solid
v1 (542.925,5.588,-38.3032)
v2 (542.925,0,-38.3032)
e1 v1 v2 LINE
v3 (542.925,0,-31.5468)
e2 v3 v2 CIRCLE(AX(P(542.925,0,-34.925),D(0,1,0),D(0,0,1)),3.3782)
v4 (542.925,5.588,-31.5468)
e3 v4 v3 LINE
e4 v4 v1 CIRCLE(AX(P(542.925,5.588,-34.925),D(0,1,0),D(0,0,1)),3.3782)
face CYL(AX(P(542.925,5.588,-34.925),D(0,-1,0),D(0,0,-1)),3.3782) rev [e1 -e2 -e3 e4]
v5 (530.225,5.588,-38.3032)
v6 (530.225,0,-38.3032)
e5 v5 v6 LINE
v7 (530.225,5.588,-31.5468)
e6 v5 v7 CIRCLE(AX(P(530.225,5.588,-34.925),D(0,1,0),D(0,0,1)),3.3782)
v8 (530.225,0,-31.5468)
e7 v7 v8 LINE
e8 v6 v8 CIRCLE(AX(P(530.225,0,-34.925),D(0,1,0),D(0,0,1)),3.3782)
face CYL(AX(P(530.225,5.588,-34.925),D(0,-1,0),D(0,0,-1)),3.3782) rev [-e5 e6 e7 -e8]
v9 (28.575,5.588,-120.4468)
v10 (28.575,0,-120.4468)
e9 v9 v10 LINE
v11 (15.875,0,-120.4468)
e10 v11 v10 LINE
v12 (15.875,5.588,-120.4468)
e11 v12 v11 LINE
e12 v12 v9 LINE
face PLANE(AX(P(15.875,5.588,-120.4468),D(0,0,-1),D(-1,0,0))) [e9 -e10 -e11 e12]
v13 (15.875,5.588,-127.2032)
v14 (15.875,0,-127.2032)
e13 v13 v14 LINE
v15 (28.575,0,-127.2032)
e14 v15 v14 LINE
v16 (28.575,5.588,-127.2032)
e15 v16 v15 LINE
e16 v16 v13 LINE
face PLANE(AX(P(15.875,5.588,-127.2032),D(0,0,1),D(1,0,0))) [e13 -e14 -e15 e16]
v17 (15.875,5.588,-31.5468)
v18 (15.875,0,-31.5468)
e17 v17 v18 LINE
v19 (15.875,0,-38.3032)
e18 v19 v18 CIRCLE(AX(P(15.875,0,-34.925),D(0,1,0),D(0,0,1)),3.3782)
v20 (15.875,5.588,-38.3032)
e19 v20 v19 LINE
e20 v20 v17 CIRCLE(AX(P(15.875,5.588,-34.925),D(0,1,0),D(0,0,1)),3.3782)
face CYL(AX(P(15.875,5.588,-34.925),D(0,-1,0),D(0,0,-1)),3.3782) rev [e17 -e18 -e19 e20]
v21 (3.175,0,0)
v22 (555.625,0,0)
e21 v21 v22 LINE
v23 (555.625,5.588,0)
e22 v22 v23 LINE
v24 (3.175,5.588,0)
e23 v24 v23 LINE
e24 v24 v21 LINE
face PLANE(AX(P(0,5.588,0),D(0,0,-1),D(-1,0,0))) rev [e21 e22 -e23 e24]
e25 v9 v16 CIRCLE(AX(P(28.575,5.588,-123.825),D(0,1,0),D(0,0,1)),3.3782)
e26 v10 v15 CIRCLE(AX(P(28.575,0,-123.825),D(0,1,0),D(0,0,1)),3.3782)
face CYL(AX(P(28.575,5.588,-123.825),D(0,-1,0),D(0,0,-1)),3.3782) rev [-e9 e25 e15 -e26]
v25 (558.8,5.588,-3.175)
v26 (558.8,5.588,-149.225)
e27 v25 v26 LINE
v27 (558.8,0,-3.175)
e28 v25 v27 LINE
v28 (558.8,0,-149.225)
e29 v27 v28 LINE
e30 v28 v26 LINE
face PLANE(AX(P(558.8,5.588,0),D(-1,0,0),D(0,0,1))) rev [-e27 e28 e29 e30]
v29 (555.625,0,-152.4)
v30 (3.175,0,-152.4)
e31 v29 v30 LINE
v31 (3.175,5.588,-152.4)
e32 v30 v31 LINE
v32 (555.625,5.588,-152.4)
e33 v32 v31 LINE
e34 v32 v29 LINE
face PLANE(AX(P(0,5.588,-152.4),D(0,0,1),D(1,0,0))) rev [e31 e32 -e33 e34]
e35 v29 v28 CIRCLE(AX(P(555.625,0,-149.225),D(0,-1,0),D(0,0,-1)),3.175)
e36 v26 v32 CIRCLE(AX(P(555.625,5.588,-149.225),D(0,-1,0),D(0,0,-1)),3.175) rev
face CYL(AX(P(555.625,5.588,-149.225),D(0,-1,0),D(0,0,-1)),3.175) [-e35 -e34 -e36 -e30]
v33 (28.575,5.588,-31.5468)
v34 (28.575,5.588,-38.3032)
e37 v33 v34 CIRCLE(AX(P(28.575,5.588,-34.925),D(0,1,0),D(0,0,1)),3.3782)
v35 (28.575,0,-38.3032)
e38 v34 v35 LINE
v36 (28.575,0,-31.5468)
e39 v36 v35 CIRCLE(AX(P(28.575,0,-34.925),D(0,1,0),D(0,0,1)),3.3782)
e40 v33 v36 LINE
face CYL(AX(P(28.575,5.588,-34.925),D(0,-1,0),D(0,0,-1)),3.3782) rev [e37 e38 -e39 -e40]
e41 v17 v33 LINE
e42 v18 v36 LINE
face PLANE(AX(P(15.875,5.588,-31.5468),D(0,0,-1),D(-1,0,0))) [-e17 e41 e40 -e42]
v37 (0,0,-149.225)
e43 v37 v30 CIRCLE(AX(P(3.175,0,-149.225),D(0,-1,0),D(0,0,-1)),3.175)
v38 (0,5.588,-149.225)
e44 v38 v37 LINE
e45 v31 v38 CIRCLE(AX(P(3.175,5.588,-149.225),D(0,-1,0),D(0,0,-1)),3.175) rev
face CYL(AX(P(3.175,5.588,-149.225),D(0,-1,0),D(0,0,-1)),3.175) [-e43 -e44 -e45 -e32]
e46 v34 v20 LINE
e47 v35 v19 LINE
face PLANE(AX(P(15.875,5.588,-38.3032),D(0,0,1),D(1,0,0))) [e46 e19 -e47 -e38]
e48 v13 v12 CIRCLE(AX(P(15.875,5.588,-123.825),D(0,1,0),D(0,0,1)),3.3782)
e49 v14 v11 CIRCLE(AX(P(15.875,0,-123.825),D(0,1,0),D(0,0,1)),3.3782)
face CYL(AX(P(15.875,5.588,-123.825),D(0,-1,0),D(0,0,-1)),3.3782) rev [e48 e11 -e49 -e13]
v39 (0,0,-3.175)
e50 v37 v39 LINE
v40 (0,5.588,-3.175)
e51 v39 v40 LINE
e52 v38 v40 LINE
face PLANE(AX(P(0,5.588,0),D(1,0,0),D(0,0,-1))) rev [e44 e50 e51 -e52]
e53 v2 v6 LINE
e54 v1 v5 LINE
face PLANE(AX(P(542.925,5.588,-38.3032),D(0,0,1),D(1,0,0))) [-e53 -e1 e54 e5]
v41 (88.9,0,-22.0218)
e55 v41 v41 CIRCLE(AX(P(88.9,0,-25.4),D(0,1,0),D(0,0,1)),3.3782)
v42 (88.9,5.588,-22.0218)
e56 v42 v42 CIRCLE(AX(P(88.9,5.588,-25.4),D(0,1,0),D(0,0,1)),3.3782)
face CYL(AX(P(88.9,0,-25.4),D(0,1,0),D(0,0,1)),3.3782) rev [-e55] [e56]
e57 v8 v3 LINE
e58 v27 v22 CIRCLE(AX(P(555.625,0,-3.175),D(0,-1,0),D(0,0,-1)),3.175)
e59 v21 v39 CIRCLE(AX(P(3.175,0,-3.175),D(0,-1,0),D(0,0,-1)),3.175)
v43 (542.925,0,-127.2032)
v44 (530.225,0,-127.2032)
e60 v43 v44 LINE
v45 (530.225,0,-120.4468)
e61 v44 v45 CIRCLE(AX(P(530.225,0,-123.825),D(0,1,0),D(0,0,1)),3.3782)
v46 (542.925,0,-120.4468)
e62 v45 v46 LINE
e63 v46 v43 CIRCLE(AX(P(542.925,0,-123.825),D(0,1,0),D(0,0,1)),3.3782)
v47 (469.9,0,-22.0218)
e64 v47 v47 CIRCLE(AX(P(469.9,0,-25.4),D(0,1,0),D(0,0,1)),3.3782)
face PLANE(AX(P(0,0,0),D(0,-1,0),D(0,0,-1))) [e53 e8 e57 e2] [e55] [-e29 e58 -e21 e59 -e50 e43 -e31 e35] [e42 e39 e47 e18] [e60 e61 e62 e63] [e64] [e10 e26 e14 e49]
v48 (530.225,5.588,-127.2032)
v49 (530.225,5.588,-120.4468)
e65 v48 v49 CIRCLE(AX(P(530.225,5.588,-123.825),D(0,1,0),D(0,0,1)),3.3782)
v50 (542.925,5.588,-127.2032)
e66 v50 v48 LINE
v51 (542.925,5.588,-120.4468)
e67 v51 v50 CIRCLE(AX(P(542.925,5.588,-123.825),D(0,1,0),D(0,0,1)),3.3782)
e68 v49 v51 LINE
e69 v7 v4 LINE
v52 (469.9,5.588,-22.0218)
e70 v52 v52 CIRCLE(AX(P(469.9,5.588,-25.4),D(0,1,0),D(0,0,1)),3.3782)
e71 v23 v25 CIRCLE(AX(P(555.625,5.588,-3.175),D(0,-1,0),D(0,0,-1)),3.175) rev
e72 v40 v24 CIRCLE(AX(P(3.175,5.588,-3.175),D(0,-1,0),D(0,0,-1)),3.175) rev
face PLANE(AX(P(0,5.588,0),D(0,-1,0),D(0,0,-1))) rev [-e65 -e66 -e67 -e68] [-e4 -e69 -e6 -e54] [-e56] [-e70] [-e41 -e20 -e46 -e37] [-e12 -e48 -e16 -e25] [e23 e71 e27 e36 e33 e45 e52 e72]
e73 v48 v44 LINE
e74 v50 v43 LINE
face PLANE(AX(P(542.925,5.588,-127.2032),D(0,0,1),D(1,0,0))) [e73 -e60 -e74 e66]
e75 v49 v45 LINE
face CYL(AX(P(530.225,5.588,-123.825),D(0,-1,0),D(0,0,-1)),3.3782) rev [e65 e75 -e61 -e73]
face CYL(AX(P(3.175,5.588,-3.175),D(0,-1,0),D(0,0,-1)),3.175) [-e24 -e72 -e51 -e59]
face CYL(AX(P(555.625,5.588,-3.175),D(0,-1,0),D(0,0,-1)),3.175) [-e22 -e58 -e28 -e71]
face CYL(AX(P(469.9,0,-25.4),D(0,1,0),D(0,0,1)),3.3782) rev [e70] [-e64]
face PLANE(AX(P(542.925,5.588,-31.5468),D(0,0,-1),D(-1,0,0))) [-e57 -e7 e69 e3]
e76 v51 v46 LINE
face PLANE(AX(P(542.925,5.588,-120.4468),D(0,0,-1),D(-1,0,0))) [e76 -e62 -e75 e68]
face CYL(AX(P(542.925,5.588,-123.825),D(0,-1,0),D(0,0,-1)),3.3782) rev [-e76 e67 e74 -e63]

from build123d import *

# Parameters (mm, degrees)
SKETCH1_W           = 558.8
SKETCH1_H           = 152.4
BOSS_EXTRUDE1_DEPTH = 5.588
FILLET1_R           = 3.175
SKETCH2_R           = 3.3782
CUT_EXTRUDE1_DEPTH  = 580.236070824


with BuildPart() as part:
    # Sketch1 → Boss-Extrude1 (new body)
    with BuildSketch(Plane(origin=(0, 0, 0), x_dir=(1, 0, 0), z_dir=(0, 1, 0))):
        with Locations((279.4, 76.2)):
            Rectangle(SKETCH1_W, SKETCH1_H)
        with BuildLine():
            Line((15.875, 38.3032), (28.575, 38.3032))
            ThreePointArc((28.575, 38.3032), (31.9532, 34.925), (28.575, 31.5468))
            Line((28.575, 31.5468), (15.875, 31.5468))
            ThreePointArc((15.875, 31.5468), (12.4968, 34.925), (15.875, 38.3032))
        make_face(mode=Mode.SUBTRACT)
        with BuildLine():
            Line((15.875, 127.2032), (28.575, 127.2032))
            ThreePointArc((28.575, 127.2032), (31.9532, 123.825), (28.575, 120.4468))
            Line((28.575, 120.4468), (15.875, 120.4468))
            ThreePointArc((15.875, 120.4468), (12.4968, 123.825), (15.875, 127.2032))
        make_face(mode=Mode.SUBTRACT)
        with BuildLine():
            Line((542.925, 120.4468), (530.225, 120.4468))
            ThreePointArc((530.225, 120.4468), (526.8468, 123.825), (530.225, 127.2032))
            Line((530.225, 127.2032), (542.925, 127.2032))
            ThreePointArc((542.925, 127.2032), (546.3032, 123.825), (542.925, 120.4468))
        make_face(mode=Mode.SUBTRACT)
        with BuildLine():
            Line((542.925, 31.5468), (530.225, 31.5468))
            ThreePointArc((530.225, 31.5468), (526.8468, 34.925), (530.225, 38.3032))
            Line((530.225, 38.3032), (542.925, 38.3032))
            ThreePointArc((542.925, 38.3032), (546.3032, 34.925), (542.925, 31.5468))
        make_face(mode=Mode.SUBTRACT)
    extrude(amount=BOSS_EXTRUDE1_DEPTH)

    # Fillet1
    fillet1_edges = [part.edges().sort_by_distance(p)[0] for p in [
        (0, 2.794, -152.4),
        (558.8, 2.794, -152.4),
        (558.8, 2.794, 0),
        (0, 2.794, 0),
    ]]
    fillet(fillet1_edges, radius=FILLET1_R)

    # Sketch2 → Cut-Extrude1 (cut, through all)
    with BuildSketch(Plane(origin=(0, 5.588, 0), x_dir=(1, 0, 0), z_dir=(0, 1, 0))):
        with Locations(Location((88.9, 25.4, 0), (0, 0, 270))):
            Circle(SKETCH2_R)
        with Locations(Location((469.9, 25.4, 0), (0, 0, 270))):
            Circle(SKETCH2_R)
    extrude(amount=-CUT_EXTRUDE1_DEPTH, mode=Mode.SUBTRACT)


solid = part.part
